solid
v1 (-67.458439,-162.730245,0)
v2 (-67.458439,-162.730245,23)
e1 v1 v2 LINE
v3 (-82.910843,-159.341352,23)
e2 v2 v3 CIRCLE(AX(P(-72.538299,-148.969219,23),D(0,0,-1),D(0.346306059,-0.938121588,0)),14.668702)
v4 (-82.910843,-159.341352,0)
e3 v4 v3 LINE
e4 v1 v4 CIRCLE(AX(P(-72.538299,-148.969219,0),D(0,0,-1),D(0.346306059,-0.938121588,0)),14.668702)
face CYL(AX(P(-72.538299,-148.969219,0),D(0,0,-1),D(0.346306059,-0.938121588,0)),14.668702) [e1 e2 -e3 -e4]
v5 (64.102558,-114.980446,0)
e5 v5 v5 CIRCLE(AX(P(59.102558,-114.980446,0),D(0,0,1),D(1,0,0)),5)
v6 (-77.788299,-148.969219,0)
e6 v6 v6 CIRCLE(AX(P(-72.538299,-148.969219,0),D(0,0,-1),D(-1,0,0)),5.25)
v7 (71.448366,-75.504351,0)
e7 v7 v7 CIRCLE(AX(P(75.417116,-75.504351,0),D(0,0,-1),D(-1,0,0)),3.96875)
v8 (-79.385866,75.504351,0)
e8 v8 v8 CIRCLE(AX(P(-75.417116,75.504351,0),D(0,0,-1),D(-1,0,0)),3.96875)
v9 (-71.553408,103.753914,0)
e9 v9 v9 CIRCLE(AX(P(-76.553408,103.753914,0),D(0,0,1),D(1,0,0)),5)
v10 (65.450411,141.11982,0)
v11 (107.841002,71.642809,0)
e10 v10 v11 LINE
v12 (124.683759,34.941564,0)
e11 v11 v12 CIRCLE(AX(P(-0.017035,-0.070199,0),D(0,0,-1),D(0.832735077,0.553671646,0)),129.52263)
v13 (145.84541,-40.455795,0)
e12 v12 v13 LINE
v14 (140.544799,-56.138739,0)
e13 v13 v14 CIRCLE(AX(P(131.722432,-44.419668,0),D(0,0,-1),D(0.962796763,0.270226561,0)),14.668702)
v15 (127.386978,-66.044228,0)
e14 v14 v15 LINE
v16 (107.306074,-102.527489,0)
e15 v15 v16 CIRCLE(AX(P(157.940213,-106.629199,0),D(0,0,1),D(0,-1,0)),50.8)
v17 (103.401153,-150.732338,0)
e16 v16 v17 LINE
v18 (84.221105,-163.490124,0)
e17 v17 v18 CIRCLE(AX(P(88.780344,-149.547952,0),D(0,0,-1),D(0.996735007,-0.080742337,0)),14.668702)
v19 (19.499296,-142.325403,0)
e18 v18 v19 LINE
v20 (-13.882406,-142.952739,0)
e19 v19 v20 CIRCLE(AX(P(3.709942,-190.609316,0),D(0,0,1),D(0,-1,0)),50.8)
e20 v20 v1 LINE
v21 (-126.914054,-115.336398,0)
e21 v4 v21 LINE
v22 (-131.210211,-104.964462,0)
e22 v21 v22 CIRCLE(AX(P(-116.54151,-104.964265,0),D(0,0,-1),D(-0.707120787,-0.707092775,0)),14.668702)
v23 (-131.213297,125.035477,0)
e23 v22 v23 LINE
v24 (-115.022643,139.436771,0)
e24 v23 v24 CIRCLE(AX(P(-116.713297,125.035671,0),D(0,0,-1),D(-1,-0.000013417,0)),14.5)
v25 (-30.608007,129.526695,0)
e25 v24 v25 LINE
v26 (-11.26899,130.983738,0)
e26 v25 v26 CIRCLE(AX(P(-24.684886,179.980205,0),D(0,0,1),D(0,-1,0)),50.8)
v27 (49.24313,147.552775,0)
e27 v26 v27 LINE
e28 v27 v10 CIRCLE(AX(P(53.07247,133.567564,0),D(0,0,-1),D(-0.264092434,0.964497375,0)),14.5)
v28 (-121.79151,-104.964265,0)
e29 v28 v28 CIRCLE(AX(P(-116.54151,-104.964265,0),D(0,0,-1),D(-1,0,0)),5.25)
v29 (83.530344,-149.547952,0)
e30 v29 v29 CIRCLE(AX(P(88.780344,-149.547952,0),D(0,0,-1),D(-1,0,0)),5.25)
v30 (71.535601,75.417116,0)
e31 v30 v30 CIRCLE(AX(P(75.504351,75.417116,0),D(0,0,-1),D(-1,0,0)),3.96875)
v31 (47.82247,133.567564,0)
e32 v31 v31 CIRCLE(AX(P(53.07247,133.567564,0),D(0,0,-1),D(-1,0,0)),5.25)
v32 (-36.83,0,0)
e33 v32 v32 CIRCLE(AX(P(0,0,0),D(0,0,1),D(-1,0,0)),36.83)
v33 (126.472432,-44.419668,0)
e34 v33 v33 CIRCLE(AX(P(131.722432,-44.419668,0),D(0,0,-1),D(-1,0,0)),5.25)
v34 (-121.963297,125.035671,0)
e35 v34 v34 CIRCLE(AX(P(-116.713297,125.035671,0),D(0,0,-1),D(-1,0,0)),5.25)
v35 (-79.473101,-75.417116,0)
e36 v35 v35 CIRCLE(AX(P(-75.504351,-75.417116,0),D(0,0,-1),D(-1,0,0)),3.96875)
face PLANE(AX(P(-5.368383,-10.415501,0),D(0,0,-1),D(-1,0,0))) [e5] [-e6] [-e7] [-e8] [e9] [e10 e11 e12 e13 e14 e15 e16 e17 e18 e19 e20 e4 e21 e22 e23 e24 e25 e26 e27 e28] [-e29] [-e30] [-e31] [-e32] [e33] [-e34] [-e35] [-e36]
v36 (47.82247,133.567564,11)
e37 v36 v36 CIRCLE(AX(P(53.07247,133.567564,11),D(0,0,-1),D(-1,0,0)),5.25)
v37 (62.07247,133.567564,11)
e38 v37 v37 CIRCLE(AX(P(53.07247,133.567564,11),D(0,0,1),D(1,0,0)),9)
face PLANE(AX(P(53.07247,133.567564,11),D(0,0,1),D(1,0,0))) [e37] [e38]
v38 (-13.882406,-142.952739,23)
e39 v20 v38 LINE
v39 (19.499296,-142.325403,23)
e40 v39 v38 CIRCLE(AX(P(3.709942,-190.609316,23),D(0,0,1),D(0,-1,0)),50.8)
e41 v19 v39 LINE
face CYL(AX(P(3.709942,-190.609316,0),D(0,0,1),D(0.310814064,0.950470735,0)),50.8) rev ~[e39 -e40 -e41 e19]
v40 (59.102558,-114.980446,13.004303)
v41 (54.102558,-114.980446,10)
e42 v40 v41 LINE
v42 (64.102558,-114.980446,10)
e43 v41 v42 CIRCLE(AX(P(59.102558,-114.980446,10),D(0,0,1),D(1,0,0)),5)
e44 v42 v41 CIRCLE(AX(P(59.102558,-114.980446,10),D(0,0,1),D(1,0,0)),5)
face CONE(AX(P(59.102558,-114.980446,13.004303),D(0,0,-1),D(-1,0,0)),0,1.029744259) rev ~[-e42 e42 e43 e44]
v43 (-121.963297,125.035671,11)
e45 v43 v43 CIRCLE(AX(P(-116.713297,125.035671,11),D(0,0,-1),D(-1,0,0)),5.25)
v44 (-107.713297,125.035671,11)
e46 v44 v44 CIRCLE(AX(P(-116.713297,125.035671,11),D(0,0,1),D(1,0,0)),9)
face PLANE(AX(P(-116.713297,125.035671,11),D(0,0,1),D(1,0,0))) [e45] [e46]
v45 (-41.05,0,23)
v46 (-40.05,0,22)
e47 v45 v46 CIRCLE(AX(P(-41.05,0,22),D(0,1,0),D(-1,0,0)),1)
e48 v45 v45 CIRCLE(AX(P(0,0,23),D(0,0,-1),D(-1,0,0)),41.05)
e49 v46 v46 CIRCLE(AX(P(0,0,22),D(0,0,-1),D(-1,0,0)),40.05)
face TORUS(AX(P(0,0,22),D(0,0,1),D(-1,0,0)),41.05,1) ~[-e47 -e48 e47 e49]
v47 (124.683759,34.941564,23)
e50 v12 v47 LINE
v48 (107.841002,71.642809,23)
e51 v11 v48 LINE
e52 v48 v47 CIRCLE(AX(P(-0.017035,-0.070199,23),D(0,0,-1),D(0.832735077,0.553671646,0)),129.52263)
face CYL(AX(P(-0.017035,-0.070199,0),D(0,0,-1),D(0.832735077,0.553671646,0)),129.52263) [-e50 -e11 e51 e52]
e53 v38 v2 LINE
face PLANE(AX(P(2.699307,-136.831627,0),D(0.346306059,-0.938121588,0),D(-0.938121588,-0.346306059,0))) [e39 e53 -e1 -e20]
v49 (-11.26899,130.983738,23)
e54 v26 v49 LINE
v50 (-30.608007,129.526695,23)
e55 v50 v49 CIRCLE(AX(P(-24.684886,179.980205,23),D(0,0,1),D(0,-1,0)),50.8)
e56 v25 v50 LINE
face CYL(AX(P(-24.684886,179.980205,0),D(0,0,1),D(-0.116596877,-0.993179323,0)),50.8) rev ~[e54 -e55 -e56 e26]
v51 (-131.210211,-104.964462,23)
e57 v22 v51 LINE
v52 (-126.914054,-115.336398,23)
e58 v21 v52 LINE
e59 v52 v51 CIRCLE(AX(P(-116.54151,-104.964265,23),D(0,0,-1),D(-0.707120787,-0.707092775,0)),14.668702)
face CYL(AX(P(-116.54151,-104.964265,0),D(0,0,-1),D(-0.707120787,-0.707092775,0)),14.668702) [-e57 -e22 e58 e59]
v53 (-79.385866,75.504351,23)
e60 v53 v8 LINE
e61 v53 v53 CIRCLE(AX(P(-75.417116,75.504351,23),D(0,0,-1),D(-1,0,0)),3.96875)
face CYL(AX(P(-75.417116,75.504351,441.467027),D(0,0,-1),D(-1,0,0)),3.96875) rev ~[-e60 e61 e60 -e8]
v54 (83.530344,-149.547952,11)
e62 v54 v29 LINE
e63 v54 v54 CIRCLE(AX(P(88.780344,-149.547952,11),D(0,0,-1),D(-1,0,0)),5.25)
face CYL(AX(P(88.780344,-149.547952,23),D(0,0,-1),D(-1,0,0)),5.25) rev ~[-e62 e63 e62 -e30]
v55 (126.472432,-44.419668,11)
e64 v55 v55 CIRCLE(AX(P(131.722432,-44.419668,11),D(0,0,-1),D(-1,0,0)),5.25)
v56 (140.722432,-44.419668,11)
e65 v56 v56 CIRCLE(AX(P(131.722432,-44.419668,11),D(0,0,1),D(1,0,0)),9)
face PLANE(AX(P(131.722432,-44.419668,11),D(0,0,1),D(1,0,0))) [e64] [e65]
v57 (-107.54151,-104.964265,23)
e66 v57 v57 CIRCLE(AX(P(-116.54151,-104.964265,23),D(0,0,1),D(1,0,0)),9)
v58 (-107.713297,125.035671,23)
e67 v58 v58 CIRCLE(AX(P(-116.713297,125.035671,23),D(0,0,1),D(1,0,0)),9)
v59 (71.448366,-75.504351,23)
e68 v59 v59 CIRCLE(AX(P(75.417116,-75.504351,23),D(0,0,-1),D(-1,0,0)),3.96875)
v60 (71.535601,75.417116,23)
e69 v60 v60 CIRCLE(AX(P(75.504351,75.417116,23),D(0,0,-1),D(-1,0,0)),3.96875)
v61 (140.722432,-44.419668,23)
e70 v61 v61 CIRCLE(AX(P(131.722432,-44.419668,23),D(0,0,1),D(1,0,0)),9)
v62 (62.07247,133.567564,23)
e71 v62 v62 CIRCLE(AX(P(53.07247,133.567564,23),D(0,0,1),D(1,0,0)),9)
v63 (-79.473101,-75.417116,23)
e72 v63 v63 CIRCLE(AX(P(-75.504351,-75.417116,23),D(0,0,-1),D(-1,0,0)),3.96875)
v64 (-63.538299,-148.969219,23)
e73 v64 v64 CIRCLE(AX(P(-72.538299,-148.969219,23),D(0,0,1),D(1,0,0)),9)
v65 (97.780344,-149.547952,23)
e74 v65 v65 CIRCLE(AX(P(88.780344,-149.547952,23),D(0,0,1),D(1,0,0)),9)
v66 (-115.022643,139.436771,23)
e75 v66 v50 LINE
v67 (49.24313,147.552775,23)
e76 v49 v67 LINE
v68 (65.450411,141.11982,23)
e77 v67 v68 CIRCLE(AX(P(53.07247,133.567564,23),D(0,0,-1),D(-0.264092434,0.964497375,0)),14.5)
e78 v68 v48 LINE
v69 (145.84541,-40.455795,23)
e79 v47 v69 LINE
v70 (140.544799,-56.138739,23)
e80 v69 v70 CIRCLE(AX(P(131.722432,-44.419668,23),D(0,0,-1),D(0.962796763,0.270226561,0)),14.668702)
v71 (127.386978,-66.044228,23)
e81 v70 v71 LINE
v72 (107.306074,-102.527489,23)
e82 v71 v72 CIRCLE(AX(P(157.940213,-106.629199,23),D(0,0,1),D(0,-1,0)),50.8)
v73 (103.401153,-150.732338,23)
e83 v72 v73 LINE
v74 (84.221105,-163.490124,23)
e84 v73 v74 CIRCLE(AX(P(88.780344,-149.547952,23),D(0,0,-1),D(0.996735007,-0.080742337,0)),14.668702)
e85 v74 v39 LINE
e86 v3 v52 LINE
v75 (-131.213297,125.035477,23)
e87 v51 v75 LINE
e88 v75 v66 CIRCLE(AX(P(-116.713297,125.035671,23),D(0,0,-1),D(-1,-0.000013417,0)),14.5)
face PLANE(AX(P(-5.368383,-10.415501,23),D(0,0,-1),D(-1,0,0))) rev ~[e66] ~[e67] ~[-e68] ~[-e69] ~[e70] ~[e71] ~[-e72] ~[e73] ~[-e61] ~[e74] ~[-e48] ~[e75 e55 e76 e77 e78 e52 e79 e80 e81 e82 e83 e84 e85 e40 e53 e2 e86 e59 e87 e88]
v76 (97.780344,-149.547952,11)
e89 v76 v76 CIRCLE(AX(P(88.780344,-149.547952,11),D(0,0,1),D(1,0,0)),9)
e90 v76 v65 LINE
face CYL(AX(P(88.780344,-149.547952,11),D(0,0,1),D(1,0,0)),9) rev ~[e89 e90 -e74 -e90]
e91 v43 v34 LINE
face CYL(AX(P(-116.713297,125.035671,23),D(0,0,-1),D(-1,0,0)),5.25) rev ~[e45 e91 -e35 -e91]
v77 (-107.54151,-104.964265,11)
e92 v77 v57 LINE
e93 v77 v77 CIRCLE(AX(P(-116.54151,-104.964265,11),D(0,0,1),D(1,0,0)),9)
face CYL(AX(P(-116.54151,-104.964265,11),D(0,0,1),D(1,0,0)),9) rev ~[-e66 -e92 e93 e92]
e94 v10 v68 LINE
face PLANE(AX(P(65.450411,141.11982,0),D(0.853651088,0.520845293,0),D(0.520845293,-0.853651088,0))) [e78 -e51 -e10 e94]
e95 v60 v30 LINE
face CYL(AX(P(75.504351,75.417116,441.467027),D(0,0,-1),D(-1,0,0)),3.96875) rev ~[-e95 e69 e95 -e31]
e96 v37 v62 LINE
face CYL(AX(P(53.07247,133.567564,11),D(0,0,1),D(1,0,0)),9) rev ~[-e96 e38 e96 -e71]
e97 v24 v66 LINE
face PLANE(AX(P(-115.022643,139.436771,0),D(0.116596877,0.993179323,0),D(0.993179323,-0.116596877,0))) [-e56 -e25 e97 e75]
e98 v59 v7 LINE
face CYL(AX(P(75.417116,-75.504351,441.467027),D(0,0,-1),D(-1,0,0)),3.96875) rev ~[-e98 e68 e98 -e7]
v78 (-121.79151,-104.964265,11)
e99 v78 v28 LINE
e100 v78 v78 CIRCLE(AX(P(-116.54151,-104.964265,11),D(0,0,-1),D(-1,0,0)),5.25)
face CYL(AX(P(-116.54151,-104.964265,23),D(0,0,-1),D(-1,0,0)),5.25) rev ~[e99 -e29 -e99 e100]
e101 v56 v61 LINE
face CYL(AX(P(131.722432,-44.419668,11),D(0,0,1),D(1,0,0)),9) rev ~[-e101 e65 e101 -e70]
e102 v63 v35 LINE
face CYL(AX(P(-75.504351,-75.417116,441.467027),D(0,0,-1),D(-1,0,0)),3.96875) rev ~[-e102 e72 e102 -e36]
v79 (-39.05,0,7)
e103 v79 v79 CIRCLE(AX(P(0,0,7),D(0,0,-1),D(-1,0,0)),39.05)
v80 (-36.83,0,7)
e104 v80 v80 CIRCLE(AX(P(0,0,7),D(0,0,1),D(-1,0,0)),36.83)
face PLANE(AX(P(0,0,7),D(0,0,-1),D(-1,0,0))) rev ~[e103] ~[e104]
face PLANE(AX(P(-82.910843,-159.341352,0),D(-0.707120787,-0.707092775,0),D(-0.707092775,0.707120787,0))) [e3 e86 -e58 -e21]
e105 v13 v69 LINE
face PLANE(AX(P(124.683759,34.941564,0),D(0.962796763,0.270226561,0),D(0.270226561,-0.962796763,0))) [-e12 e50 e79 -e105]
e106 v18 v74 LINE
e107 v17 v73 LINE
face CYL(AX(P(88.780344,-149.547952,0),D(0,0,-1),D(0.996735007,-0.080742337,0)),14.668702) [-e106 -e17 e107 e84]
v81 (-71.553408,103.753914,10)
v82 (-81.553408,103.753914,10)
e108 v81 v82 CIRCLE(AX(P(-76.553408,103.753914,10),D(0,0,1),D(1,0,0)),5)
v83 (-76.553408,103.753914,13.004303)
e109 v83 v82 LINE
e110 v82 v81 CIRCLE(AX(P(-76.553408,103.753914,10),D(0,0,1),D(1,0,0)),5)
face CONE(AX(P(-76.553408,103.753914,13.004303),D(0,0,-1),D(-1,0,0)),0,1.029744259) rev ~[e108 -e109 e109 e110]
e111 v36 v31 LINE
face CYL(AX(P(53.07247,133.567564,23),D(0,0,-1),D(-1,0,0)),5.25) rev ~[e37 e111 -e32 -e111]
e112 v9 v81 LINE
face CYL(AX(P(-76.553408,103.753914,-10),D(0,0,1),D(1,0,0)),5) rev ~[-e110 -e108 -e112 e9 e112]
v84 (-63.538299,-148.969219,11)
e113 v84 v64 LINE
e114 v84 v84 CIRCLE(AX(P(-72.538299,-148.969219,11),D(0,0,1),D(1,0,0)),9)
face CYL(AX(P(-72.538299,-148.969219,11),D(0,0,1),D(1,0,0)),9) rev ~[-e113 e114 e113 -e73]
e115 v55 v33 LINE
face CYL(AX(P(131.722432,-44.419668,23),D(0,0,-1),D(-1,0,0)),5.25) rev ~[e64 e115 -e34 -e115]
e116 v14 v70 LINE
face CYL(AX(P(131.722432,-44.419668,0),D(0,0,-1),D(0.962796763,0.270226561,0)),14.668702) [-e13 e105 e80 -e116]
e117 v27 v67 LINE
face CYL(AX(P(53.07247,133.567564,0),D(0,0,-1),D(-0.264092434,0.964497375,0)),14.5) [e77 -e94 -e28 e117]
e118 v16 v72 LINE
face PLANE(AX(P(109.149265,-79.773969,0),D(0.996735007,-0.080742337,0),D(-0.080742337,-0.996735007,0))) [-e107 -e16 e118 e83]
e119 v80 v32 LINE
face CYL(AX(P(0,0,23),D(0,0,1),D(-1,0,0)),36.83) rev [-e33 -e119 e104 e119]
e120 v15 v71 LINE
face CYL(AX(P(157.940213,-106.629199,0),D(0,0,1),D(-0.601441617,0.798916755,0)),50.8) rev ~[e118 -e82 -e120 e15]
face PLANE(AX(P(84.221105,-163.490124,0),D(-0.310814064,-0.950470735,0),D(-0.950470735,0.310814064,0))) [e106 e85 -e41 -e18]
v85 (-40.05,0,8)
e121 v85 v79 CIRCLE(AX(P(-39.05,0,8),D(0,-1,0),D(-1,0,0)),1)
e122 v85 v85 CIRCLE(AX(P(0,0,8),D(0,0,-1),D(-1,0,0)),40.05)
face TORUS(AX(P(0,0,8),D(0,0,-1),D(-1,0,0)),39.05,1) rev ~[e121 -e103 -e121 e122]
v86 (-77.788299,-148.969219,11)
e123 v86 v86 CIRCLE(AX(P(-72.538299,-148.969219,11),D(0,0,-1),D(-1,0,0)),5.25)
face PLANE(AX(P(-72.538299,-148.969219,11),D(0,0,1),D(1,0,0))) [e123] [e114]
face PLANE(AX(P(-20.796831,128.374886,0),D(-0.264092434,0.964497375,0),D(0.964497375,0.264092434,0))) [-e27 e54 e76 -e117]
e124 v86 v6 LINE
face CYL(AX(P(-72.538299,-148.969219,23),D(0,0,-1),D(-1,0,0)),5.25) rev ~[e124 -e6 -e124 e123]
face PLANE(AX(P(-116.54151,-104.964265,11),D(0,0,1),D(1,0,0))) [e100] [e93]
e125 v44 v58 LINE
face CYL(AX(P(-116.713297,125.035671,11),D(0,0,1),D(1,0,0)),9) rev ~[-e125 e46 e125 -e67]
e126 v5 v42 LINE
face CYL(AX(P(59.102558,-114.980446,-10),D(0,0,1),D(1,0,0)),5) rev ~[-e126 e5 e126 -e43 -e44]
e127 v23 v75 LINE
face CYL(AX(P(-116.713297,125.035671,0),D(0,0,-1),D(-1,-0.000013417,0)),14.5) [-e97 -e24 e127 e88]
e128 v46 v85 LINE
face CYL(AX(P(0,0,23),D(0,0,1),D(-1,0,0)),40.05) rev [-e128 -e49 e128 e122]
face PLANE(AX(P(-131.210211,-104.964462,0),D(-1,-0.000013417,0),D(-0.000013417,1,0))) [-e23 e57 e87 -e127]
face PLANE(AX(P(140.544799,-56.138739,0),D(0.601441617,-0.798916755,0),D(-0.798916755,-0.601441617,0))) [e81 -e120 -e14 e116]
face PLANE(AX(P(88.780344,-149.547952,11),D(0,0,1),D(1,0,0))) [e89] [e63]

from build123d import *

# Parameters (mm, degrees)
BOSS_EXTRUDE1_DEPTH             = 23
FILLET2_R                       = 50.8
SKETCH2_R                       = 40.05
CUT_EXTRUDE1_DEPTH              = 16
SKETCH5_R                       = 36.83
CUT_EXTRUDE2_DEPTH              = 25.4
FILLET5_R                       = 1
FILLET6_R                       = 1
CBORE_FOR_M10_SHCS7_D           = 10.5
CBORE_FOR_M10_SHCS7_CBORE_D     = 18
CBORE_FOR_M10_SHCS7_CBORE_DEPTH = 12
F_10_0MM_DOWEL_HOLE3_D          = 10
F_10_0MM_DOWEL_HOLE3_DEPTH      = 10
F_10_0MM_DOWEL_HOLE3_TIP        = 3.004303095
TAP_DRILL_FOR_3_8_16_TAP1_D     = 7.9375


with BuildPart() as part:
    # Sketch1 → Boss-Extrude1 (new body)
    with BuildSketch(Plane.XY):
        with BuildLine():
            Line((84.221105008, -163.490124242), (2.699306526, -136.831626991))
            Line((2.699306526, -136.831626991), (-67.458438584, -162.730244564))
            ThreePointArc((-67.458438584, -162.730244564), (-75.680634631, -163.297391653), (-82.910842941, -159.341351783))
            Line((-82.910842941, -159.341351783), (-126.914053579, -115.336397895))
            ThreePointArc((-126.914053579, -115.336397895), (-130.093640928, -110.577690662), (-131.210211433, -104.964461595))
            Line((-131.210211433, -104.964461595), (-131.213297338, 125.035476514))
            ThreePointArc((-131.213297338, 125.035476514), (-126.350161673, 135.869915187), (-115.02264263, 139.436771249))
            Line((-115.02264263, 139.436771249), (-20.796830867, 128.37488637))
            Line((-20.796830867, 128.37488637), (49.24312976, 147.55277548))
            ThreePointArc((49.24312976, 147.55277548), (58.421803723, 147.044752766), (65.450410839, 141.119820294))
            Line((65.450410839, 141.119820294), (107.841002341, 71.642808501))
            ThreePointArc((107.841002341, 71.642808501), (117.701476238, 53.952608996), (124.683759391, 34.941564155))
            Line((124.683759391, 34.941564155), (145.845410308, -40.455794779))
            ThreePointArc((145.845410308, -40.455794779), (145.61886709, -49.11646402), (140.544799405, -56.138739339))
            Line((140.544799405, -56.138739339), (109.149264581, -79.773969292))
            Line((109.149264581, -79.773969292), (103.401152517, -150.732337669))
            ThreePointArc((103.401152517, -150.732337669), (96.90432541, -161.761540655), (84.221105008, -163.490124242))
        make_face()
    extrude(amount=BOSS_EXTRUDE1_DEPTH)

    # Fillet2
    fillet2_edges = [part.edges().sort_by_distance(p)[0] for p in [
        (109.149264581, -79.773969292, 11.5),
        (2.699306526, -136.831626991, 11.5),
        (-20.796830867, 128.37488637, 11.5),
    ]]
    fillet(fillet2_edges, radius=FILLET2_R)

    # Sketch2 → Cut-Extrude1 (cut)
    with BuildSketch(Plane(origin=(0, 0, 23), x_dir=(-1, 0, 0), z_dir=(0, 0, -1))):
        Circle(SKETCH2_R)
    extrude(amount=CUT_EXTRUDE1_DEPTH, mode=Mode.SUBTRACT)

    # Sketch5 → Cut-Extrude2 (cut)
    with BuildSketch(Plane(origin=(0, 0, 23), x_dir=(-1, 0, 0), z_dir=(0, 0, -1))):
        Circle(SKETCH5_R)
    extrude(amount=CUT_EXTRUDE2_DEPTH, mode=Mode.SUBTRACT)

    # Fillet5
    fillet5_edges = [part.edges().sort_by_distance(p)[0] for p in [
        (40.05, 0, 23),
    ]]
    fillet(fillet5_edges, radius=FILLET5_R)

    # Fillet6
    fillet6_edges = [part.edges().sort_by_distance(p)[0] for p in [
        (40.05, 0, 7),
    ]]
    fillet(fillet6_edges, radius=FILLET6_R)

    # CBORE for M10 SHCS7 (through all)
    with Locations(Plane.XY.offset(23)):
        with Locations((-116.713297339, 125.03567106), (-116.541509562, -104.964264785), (-72.538298924, -148.969218673), (53.072470058, 133.567563544), (131.722431635, -44.419667636), (88.780343848, -149.547952394)):
            CounterBoreHole(CBORE_FOR_M10_SHCS7_D / 2, CBORE_FOR_M10_SHCS7_CBORE_D / 2, CBORE_FOR_M10_SHCS7_CBORE_DEPTH)

    # Ø10.0mm Dowel Hole3
    with Locations(Plane(origin=(0, 0, 0), x_dir=(-1, 0, 0), z_dir=(0, 0, -1))):
        with Locations((76.55340813, 103.753913834), (-59.102558089, -114.980445858)):
            Hole(F_10_0MM_DOWEL_HOLE3_D / 2, depth=F_10_0MM_DOWEL_HOLE3_DEPTH)
            with Locations((0, 0, -(F_10_0MM_DOWEL_HOLE3_DEPTH + F_10_0MM_DOWEL_HOLE3_TIP / 2))):  # 118° drill point
                Cone(0, F_10_0MM_DOWEL_HOLE3_D / 2, F_10_0MM_DOWEL_HOLE3_TIP, mode=Mode.SUBTRACT)

    # Tap Drill for 3/8-16 Tap1 (through all)
    with Locations(Plane(origin=(75.504350667, 75.417116381, 23), x_dir=(1, 0, 0), z_dir=(0, 0, 1))):
        with Locations((0, 0), (-150.921467048, 0.087234286), (-151.008701334, -150.834232762), (-0.087234286, -150.921467048)):
            Hole(TAP_DRILL_FOR_3_8_16_TAP1_D / 2)


solid = part.part
